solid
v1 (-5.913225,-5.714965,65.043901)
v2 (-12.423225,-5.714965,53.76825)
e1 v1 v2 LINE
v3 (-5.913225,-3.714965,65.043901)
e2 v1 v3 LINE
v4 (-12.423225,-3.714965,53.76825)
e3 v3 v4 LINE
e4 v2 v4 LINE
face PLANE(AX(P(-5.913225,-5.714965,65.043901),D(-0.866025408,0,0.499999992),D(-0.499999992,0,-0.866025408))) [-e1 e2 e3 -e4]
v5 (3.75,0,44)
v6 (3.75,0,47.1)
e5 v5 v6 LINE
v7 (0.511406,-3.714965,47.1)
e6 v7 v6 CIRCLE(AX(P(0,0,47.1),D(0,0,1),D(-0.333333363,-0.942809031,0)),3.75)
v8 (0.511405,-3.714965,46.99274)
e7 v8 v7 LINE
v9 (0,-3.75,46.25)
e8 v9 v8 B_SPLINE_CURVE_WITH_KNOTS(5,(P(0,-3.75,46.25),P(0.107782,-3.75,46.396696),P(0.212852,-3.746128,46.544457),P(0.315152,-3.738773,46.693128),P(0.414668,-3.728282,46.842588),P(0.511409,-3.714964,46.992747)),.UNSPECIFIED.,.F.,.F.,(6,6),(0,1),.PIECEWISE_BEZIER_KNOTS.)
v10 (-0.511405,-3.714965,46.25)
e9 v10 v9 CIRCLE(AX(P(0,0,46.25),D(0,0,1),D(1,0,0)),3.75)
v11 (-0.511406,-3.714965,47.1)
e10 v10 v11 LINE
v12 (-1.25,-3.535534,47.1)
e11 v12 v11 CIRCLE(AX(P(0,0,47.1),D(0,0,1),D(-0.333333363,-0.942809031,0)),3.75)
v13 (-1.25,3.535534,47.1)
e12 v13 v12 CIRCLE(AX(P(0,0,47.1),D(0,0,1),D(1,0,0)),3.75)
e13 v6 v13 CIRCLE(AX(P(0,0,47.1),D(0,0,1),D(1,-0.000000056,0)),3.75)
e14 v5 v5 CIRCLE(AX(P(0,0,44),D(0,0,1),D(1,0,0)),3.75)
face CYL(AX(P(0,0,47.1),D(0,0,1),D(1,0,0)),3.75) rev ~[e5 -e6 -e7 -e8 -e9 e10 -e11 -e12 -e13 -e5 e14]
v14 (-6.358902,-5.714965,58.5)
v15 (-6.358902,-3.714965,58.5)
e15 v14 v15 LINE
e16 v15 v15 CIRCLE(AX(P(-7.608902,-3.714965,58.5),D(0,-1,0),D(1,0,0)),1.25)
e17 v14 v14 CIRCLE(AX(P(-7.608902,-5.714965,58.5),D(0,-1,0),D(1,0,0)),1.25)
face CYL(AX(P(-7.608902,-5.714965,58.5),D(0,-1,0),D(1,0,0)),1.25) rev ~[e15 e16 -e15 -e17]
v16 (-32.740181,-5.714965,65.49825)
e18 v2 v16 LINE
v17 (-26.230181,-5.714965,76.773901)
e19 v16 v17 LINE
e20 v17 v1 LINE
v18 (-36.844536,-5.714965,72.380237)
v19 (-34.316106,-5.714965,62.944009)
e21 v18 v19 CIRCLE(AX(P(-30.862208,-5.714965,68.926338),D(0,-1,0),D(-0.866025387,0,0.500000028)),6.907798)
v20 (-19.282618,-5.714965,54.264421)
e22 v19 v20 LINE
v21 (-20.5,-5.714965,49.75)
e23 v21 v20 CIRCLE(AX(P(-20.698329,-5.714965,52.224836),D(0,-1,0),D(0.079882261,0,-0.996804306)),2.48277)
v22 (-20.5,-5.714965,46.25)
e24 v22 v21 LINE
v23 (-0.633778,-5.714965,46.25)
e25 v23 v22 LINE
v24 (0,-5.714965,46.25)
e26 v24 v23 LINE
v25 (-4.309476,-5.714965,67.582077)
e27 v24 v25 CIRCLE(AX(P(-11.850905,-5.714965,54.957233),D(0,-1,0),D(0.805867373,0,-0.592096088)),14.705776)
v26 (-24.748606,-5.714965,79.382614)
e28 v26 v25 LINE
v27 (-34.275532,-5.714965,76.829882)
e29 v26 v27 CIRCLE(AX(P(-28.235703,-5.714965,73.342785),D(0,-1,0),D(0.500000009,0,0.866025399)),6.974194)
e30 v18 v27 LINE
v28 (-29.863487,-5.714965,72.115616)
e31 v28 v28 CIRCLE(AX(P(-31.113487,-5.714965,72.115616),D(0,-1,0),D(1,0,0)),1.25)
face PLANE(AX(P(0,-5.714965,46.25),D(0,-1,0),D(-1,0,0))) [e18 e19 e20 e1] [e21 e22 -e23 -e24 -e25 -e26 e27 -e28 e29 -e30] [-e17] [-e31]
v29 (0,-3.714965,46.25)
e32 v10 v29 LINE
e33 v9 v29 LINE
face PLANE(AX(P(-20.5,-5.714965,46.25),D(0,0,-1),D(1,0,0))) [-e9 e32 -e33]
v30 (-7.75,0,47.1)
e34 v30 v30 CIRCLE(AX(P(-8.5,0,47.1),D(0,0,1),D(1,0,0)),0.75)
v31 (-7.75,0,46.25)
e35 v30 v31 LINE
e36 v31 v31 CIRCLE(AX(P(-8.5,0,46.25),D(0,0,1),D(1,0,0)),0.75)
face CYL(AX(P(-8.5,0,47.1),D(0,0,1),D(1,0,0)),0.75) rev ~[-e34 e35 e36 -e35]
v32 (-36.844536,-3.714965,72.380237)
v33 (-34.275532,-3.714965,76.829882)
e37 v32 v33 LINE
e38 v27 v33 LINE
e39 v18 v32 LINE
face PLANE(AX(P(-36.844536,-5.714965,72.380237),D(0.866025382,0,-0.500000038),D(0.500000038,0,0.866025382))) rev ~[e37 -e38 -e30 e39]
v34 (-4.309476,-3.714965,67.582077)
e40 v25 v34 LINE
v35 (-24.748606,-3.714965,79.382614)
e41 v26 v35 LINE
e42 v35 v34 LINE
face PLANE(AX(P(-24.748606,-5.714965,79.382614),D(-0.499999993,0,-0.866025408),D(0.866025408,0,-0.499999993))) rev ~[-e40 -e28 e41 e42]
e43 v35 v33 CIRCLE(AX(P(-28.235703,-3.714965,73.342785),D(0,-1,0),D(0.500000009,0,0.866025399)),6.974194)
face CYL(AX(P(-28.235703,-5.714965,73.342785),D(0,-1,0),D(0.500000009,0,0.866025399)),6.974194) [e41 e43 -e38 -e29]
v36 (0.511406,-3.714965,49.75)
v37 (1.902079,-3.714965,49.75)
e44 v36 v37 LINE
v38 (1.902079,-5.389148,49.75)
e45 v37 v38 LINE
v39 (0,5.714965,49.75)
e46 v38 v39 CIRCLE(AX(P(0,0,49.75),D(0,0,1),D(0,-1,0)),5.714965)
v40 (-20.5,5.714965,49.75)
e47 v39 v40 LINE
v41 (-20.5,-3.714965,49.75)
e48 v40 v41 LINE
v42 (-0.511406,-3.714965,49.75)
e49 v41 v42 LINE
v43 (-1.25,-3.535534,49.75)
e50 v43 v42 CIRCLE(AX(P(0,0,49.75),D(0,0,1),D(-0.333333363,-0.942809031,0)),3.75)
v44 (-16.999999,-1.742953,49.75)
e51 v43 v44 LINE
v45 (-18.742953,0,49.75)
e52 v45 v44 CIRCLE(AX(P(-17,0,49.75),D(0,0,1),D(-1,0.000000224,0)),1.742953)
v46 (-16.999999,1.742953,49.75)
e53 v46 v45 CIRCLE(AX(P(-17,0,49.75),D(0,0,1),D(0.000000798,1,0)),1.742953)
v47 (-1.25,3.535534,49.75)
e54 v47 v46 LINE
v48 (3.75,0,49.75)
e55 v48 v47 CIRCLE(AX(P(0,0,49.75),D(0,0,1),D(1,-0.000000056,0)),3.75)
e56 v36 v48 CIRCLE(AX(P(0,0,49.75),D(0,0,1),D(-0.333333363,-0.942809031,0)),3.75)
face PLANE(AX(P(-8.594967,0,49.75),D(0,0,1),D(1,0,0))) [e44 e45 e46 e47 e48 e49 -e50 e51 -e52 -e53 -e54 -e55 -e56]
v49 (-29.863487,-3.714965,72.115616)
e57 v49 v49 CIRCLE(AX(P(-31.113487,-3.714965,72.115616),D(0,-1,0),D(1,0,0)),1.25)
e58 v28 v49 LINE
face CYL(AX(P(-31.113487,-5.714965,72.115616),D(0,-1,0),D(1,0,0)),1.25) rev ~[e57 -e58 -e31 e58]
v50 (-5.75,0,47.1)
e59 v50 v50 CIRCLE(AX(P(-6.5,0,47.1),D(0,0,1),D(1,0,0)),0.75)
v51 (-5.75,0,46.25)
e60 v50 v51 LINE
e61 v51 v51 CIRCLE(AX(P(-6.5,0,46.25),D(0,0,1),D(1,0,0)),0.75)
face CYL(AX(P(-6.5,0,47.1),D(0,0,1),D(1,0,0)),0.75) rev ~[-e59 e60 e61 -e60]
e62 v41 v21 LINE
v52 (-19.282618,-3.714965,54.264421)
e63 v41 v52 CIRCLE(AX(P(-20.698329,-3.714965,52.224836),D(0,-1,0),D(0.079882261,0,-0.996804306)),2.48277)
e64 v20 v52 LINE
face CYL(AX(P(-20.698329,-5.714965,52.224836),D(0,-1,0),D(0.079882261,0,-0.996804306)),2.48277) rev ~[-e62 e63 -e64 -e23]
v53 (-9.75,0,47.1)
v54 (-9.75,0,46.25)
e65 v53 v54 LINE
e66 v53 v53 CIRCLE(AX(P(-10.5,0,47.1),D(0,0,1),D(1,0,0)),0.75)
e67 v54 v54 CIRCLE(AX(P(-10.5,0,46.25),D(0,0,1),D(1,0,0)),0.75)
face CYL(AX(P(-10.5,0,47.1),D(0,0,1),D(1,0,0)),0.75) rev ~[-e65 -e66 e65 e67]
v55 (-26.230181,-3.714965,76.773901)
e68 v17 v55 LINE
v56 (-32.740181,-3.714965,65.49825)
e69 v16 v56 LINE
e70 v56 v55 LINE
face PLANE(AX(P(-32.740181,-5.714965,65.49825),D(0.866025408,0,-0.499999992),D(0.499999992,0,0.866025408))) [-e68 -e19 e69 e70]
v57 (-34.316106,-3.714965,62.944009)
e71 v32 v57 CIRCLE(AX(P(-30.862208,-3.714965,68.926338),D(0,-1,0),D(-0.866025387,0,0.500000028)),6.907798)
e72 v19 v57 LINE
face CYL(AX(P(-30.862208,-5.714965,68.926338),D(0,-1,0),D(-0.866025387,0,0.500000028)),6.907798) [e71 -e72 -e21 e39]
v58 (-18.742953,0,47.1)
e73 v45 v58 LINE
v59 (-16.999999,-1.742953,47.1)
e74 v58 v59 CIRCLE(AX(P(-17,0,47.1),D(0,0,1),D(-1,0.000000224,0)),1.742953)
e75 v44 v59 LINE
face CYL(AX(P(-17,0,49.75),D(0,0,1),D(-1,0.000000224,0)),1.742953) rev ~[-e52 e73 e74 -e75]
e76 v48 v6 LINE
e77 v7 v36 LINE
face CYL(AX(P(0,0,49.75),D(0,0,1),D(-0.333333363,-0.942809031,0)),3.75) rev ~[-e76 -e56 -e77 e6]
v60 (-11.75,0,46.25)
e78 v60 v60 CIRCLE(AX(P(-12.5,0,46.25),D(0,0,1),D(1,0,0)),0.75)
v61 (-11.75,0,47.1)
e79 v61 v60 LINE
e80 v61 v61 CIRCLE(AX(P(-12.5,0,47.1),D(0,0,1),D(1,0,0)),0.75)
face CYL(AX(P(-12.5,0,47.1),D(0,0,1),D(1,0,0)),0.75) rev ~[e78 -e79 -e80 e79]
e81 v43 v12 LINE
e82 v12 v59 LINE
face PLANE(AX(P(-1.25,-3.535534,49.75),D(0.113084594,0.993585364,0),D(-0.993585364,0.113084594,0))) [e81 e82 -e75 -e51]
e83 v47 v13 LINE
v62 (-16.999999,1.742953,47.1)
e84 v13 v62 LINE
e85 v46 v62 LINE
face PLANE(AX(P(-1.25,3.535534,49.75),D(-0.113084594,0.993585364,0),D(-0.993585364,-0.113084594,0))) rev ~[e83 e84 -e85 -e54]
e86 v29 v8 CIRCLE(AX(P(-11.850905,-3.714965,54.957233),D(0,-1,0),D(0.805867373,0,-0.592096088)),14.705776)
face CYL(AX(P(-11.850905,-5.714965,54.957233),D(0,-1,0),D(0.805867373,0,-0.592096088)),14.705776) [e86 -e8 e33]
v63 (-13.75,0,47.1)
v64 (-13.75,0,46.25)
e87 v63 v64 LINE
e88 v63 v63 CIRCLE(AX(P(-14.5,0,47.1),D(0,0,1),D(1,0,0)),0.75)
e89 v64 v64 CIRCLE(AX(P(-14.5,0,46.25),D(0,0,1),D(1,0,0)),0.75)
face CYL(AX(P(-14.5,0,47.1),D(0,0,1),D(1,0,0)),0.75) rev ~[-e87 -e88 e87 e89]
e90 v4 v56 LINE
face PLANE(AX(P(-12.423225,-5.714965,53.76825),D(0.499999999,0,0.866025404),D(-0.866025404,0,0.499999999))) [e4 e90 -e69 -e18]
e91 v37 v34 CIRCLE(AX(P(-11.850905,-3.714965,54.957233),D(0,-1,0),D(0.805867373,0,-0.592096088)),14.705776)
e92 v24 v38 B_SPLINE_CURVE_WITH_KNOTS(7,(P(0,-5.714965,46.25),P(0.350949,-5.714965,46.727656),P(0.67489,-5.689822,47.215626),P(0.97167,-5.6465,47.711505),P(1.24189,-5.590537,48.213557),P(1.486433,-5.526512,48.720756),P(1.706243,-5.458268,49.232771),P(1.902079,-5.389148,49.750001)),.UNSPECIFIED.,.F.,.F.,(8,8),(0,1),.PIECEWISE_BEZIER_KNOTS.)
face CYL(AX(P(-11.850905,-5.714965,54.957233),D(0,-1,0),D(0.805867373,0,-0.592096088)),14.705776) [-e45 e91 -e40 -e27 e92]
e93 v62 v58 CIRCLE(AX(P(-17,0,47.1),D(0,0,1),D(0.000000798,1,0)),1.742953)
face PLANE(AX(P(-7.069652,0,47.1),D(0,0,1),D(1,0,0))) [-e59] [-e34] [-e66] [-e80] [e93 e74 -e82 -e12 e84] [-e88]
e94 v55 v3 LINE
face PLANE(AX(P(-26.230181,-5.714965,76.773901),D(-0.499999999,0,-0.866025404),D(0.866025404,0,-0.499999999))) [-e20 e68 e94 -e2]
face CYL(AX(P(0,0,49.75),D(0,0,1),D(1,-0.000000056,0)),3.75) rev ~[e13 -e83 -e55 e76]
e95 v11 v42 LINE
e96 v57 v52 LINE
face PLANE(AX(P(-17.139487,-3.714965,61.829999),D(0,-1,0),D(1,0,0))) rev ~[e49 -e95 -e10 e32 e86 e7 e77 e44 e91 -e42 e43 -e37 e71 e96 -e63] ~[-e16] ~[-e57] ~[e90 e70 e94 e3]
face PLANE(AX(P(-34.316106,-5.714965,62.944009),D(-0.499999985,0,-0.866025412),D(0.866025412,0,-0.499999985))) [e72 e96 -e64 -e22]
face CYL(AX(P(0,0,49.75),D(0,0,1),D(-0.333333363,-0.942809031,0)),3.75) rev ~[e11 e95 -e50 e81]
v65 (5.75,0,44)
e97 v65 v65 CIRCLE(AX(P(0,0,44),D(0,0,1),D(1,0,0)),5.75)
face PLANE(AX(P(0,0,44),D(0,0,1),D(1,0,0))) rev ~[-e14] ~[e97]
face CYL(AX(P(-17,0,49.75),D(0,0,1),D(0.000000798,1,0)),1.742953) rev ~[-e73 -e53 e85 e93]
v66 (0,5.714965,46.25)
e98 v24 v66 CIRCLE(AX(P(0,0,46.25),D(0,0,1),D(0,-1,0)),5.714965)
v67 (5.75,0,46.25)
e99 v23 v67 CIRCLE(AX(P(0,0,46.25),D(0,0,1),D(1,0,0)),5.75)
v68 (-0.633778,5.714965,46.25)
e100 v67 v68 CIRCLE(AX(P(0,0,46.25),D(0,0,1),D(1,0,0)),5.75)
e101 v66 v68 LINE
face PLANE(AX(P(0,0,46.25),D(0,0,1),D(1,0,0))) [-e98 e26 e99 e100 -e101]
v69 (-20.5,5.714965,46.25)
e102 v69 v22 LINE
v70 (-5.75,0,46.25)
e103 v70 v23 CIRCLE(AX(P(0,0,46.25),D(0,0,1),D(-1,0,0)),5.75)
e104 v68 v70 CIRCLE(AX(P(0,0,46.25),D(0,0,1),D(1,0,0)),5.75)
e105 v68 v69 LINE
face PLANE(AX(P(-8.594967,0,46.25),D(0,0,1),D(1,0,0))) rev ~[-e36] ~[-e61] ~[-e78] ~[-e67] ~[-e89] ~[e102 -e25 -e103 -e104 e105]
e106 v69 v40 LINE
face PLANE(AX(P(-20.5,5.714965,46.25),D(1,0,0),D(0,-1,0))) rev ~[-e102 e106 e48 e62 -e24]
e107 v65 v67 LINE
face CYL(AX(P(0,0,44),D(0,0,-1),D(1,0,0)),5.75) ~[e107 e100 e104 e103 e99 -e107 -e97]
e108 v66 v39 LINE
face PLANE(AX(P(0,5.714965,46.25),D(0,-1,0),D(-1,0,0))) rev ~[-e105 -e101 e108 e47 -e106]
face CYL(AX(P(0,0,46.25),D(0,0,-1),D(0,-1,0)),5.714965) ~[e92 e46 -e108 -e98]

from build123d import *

# Parameters (mm, degrees)
SKETCH051_R        = 5.75
SKETCH051_R_2      = 3.75
PAD012002_DEPTH    = 2.25
PAD012003_DEPTH    = 3.5
POCKET003052_DEPTH = 2.65
SKETCH054_R        = 3.75
SKETCH054_R_2      = 0.75
POCKET003053_DEPTH = 5
SKETCH055_R        = 1.25
PAD012004_DEPTH    = 2


with BuildPart() as part:
    # Sketch051 → Pad012002 (new body)
    with BuildSketch(Plane.XY):
        Circle(SKETCH051_R)
        Circle(SKETCH051_R_2, mode=Mode.SUBTRACT)
    extrude(amount=PAD012002_DEPTH)

    # Sketch053 (on Face4 of Pad012002) → Pad012003 (join)
    with BuildSketch(Plane.XY.offset(2.25)):
        with BuildLine():
            Line((0, 5.714965), (-20.5, 5.714965))
            Line((-20.5, 5.714965), (-20.5, -5.714965))
            Line((0, -5.714965), (-20.5, -5.714965))
            ThreePointArc((0, -5.714965), (5.714965, 0), (0, 5.714965))
        make_face()
    extrude(amount=PAD012003_DEPTH)

    # Sketch052 (on Face11 of Pad012003) → Pocket003052 (cut)
    with BuildSketch(Plane.XY.offset(5.75)):
        with BuildLine():
            Line((-1.25, 3.535534), (-16.999999, 1.742953))
            ThreePointArc((-16.999999, 1.742953), (-18.232454, 1.232454), (-18.742953, 0))
            ThreePointArc((-18.742953, 0), (-18.232454, -1.232454), (-16.999999, -1.742953))
            Line((-1.25, -3.535534), (-16.999999, -1.742953))
            ThreePointArc((-1.25, -3.535534), (2.165064, -3.061862), (3.75, 0))
            ThreePointArc((3.75, 0), (2.165064, 3.061862), (-1.25, 3.535534))
        make_face()
    extrude(amount=-POCKET003052_DEPTH, mode=Mode.SUBTRACT)

    # Sketch054 (on Face16 of Pocket003052) → Pocket003053 (cut)
    with BuildSketch(Plane.XY.offset(3.1)):
        Circle(SKETCH054_R)
        with Locations((-14.5, 0)):
            Circle(SKETCH054_R_2)
        with Locations((-12.5, 0)):
            Circle(SKETCH054_R_2)
        with Locations((-10.5, 0)):
            Circle(SKETCH054_R_2)
        with Locations((-8.5, 0)):
            Circle(SKETCH054_R_2)
        with Locations((-6.5, 0)):
            Circle(SKETCH054_R_2)
    extrude(amount=-POCKET003053_DEPTH, mode=Mode.SUBTRACT)

    # Sketch055 (on Face2 of Pocket003053) → Pad012004 (join)
    with BuildSketch(Plane.XZ.offset(5.714965)):
        with BuildLine():
            Line((-20.5, 2.25), (0, 2.25))
            ThreePointArc((0, 2.25), (2.563672, 13.869245), (-4.309476, 23.582077))
            Line((-24.748606, 35.382614), (-4.309476, 23.582077))
            ThreePointArc((-24.748606, 35.382614), (-30.040757, 36.079339), (-34.275532, 32.829882))
            Line((-36.844536, 28.380237), (-34.275532, 32.829882))
            ThreePointArc((-36.844536, 28.380237), (-37.534628, 23.138468), (-34.316106, 18.944009))
            Line((-34.316106, 18.944009), (-19.282618, 10.264421))
            ThreePointArc((-20.5, 5.75), (-18.301189, 7.578411), (-19.282618, 10.264421))
            Line((-20.5, 5.75), (-20.5, 2.25))
        make_face()
        with Locations((-31.113487, 28.115616)):
            Circle(SKETCH055_R, mode=Mode.SUBTRACT)
        with Locations((-7.608902, 14.5)):
            Circle(SKETCH055_R, mode=Mode.SUBTRACT)
        Polygon((-32.740181, 21.49825), (-26.230181, 32.773901), (-5.913225, 21.043901), (-12.423225, 9.76825), align=None, mode=Mode.SUBTRACT)
    extrude(amount=-PAD012004_DEPTH)


with BuildPart() as part_1:
    # Body010 placement: moved
    add(part.part.moved(Location((0, 0, 44))))


solid = part_1.part
